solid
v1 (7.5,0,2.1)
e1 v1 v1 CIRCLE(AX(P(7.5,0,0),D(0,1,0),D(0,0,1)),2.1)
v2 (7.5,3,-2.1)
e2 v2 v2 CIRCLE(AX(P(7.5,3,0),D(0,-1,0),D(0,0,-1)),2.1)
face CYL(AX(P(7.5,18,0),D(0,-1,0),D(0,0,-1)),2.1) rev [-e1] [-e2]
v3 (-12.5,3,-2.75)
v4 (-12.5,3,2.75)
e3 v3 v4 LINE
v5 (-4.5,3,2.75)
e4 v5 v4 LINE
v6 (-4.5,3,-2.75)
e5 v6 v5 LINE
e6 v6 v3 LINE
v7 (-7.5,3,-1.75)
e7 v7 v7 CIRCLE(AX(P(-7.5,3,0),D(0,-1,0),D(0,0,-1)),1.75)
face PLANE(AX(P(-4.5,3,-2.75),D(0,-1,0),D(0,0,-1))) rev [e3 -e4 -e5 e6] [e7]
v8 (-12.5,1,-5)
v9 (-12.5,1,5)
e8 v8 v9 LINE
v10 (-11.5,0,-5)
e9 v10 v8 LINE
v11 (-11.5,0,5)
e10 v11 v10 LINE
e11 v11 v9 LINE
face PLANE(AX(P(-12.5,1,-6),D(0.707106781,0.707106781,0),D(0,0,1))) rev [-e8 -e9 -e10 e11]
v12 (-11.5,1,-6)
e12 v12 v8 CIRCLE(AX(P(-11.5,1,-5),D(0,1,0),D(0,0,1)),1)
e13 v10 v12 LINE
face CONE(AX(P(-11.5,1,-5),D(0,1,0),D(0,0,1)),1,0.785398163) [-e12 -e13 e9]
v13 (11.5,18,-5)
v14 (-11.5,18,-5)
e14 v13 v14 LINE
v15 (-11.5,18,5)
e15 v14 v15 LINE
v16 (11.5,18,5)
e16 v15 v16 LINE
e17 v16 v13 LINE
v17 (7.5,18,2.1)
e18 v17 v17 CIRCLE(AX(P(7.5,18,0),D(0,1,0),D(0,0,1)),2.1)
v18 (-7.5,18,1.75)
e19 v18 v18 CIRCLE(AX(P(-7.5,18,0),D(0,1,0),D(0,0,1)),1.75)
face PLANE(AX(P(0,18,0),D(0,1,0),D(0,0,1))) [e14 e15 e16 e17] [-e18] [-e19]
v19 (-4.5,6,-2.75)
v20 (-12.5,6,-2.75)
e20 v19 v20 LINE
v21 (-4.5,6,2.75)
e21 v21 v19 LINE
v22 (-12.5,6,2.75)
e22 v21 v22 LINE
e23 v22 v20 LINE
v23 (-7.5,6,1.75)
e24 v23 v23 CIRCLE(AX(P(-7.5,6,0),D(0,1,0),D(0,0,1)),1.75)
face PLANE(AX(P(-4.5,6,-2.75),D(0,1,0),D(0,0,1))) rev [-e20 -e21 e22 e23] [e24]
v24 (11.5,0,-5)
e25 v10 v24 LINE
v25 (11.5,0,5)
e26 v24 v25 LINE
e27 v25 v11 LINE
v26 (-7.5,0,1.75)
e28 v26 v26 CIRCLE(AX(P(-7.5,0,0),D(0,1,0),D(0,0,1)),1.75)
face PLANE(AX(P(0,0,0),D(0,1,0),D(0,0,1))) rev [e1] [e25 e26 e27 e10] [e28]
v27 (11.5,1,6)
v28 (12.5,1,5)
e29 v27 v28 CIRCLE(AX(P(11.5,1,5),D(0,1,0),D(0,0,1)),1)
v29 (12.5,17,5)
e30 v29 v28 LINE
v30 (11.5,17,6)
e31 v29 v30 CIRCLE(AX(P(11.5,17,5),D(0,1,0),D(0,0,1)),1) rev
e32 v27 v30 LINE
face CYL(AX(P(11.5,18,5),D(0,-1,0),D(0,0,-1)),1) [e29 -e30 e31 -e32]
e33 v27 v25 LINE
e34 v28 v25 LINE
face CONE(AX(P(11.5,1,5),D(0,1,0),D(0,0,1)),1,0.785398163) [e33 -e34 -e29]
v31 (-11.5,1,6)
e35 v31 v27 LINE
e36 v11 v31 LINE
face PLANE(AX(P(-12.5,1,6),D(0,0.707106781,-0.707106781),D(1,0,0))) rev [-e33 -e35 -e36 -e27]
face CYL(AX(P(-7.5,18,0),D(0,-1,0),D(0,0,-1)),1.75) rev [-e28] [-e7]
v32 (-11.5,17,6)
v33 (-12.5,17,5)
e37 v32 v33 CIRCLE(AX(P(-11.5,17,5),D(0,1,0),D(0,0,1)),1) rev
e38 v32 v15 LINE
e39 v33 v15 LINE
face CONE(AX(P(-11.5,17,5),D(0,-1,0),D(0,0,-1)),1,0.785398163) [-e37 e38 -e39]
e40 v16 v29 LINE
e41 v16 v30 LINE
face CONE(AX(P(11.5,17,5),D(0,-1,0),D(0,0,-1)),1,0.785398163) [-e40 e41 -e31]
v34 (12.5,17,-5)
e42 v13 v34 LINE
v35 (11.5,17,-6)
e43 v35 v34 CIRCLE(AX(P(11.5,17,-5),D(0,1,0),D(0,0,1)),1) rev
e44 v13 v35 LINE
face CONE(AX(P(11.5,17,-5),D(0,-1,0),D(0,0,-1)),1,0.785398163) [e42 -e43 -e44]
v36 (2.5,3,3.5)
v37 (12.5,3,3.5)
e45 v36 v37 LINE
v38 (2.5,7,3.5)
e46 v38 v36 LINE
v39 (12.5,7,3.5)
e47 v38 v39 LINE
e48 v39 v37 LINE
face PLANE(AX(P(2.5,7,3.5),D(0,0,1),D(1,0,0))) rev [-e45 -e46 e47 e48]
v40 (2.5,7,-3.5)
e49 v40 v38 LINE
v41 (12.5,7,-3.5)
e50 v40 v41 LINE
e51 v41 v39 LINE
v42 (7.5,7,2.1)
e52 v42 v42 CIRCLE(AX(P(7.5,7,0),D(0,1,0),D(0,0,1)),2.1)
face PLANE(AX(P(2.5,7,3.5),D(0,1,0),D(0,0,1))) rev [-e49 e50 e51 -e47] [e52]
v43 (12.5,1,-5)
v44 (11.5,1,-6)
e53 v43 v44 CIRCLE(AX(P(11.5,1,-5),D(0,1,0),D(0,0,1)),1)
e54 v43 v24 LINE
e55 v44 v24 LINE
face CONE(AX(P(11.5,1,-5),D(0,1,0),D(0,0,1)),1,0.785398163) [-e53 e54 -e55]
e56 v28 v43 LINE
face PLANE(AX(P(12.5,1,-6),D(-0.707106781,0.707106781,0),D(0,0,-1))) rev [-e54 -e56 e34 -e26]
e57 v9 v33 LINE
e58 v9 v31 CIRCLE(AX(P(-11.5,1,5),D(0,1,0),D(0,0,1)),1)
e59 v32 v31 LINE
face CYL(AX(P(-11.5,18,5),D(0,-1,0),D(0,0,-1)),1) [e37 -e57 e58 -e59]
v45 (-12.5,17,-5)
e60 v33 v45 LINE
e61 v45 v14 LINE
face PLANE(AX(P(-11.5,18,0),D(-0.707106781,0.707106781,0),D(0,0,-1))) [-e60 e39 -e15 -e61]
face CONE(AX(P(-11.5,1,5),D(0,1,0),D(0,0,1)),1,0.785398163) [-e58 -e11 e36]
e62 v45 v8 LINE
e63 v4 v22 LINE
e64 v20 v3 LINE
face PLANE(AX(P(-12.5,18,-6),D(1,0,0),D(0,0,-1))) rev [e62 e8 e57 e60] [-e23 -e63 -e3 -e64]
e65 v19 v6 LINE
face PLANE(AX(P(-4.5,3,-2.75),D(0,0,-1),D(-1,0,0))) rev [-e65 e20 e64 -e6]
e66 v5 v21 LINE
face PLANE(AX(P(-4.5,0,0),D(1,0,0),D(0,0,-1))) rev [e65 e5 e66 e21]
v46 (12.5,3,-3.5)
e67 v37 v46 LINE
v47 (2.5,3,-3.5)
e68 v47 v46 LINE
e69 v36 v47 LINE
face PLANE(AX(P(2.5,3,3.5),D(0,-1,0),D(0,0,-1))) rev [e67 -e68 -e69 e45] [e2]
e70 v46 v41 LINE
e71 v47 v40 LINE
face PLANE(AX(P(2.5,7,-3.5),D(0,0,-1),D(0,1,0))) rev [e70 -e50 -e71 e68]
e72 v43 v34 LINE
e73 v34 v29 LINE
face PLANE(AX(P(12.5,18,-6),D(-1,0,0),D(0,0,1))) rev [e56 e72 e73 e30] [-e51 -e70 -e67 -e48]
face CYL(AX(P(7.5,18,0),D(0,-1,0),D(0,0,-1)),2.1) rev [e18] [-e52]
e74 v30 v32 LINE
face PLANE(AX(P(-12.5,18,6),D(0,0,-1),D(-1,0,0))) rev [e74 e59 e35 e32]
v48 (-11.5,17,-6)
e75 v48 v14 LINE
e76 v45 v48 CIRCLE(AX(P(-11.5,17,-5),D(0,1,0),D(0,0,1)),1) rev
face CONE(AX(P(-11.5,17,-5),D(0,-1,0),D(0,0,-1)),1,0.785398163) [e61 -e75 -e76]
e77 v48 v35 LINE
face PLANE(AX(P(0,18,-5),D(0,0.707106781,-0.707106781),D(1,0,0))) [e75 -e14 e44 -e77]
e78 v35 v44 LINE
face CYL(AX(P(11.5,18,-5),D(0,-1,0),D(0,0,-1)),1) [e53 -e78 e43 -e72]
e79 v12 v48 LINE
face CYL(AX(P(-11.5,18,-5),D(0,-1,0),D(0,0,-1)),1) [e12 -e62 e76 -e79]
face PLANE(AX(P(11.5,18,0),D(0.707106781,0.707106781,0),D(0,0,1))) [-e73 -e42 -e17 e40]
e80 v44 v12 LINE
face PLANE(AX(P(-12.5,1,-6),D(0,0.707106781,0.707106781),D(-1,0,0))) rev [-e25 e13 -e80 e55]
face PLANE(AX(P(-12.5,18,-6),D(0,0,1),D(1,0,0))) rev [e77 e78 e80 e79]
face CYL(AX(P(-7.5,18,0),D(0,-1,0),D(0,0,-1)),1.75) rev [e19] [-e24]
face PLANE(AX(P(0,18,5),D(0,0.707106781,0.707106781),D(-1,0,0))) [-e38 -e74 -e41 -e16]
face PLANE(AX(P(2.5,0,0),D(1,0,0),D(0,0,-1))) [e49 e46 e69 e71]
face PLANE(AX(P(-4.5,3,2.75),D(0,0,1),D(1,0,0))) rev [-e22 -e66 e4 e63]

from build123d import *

# Parameters (mm, degrees)
SKETCH2_W           = 25
SKETCH2_H           = 12
SKETCH2_R           = 1.75
SKETCH2_R_2         = 2.1
BOSS_EXTRUDE1_DEPTH = 18
SKETCH7_W           = 7
SKETCH7_H           = 4
CUT_EXTRUDE3_DEPTH  = 10
SKETCH9_W           = 5.5
SKETCH9_H           = 3
CUT_EXTRUDE4_DEPTH  = 8
FILLET1_R           = 1
CHAMFER1_SIZE       = 1


with BuildPart() as part:
    # Sketch2 → Boss-Extrude1 (new body)
    with BuildSketch(Plane(origin=(0, 0, 0), x_dir=(1, 0, 0), z_dir=(0, 1, 0))):
        Rectangle(SKETCH2_W, SKETCH2_H)
        with Locations(Location((-7.5, 0, 0), (0, 0, 270))):
            Circle(SKETCH2_R, mode=Mode.SUBTRACT)
        with Locations(Location((7.5, 0, 0), (0, 0, 270))):
            Circle(SKETCH2_R_2, mode=Mode.SUBTRACT)
    extrude(amount=BOSS_EXTRUDE1_DEPTH)

    # Sketch7 → Cut-Extrude3 (cut)
    with BuildSketch(Plane(origin=(12.5, 0, 0), x_dir=(0, 0, -1), z_dir=(1, 0, 0))):
        with Locations((0, 5)):
            Rectangle(SKETCH7_W, SKETCH7_H)
    extrude(amount=-CUT_EXTRUDE3_DEPTH, mode=Mode.SUBTRACT)

    # Sketch9 → Cut-Extrude4 (cut)
    with BuildSketch(Plane.ZY.offset(12.5)):
        with Locations((0, 4.5)):
            Rectangle(SKETCH9_W, SKETCH9_H)
    extrude(amount=-CUT_EXTRUDE4_DEPTH, mode=Mode.SUBTRACT)

    # Fillet1
    fillet1_edges = [part.edges().sort_by_distance(p)[0] for p in [
        (12.5, 9, 6),
        (-12.5, 9, 6),
        (-12.5, 9, -6),
        (12.5, 9, -6),
    ]]
    fillet(fillet1_edges, radius=FILLET1_R)

    # Chamfer1
    chamfer1_edges = [part.edges().sort_by_distance(p)[0] for p in [
        (0, 0, 6),
        (0, 18, 6),
        (12.5, 0, 0),
        (-12.5, 0, 0),
        (0, 0, -6),
        (12.207106781, 0, 5.707106781),
        (12.207106781, 0, -5.707106781),
        (-12.207106781, 0, -5.707106781),
        (-12.207106781, 0, 5.707106781),
        (-12.5, 18, 0),
        (12.5, 18, 0),
        (0, 18, -6),
        (12.207106781, 18, 5.707106781),
        (12.207106781, 18, -5.707106781),
        (-12.207106781, 18, -5.707106781),
        (-12.207106781, 18, 5.707106781),
    ]]
    chamfer(chamfer1_edges, length=CHAMFER1_SIZE)


solid = part.part
